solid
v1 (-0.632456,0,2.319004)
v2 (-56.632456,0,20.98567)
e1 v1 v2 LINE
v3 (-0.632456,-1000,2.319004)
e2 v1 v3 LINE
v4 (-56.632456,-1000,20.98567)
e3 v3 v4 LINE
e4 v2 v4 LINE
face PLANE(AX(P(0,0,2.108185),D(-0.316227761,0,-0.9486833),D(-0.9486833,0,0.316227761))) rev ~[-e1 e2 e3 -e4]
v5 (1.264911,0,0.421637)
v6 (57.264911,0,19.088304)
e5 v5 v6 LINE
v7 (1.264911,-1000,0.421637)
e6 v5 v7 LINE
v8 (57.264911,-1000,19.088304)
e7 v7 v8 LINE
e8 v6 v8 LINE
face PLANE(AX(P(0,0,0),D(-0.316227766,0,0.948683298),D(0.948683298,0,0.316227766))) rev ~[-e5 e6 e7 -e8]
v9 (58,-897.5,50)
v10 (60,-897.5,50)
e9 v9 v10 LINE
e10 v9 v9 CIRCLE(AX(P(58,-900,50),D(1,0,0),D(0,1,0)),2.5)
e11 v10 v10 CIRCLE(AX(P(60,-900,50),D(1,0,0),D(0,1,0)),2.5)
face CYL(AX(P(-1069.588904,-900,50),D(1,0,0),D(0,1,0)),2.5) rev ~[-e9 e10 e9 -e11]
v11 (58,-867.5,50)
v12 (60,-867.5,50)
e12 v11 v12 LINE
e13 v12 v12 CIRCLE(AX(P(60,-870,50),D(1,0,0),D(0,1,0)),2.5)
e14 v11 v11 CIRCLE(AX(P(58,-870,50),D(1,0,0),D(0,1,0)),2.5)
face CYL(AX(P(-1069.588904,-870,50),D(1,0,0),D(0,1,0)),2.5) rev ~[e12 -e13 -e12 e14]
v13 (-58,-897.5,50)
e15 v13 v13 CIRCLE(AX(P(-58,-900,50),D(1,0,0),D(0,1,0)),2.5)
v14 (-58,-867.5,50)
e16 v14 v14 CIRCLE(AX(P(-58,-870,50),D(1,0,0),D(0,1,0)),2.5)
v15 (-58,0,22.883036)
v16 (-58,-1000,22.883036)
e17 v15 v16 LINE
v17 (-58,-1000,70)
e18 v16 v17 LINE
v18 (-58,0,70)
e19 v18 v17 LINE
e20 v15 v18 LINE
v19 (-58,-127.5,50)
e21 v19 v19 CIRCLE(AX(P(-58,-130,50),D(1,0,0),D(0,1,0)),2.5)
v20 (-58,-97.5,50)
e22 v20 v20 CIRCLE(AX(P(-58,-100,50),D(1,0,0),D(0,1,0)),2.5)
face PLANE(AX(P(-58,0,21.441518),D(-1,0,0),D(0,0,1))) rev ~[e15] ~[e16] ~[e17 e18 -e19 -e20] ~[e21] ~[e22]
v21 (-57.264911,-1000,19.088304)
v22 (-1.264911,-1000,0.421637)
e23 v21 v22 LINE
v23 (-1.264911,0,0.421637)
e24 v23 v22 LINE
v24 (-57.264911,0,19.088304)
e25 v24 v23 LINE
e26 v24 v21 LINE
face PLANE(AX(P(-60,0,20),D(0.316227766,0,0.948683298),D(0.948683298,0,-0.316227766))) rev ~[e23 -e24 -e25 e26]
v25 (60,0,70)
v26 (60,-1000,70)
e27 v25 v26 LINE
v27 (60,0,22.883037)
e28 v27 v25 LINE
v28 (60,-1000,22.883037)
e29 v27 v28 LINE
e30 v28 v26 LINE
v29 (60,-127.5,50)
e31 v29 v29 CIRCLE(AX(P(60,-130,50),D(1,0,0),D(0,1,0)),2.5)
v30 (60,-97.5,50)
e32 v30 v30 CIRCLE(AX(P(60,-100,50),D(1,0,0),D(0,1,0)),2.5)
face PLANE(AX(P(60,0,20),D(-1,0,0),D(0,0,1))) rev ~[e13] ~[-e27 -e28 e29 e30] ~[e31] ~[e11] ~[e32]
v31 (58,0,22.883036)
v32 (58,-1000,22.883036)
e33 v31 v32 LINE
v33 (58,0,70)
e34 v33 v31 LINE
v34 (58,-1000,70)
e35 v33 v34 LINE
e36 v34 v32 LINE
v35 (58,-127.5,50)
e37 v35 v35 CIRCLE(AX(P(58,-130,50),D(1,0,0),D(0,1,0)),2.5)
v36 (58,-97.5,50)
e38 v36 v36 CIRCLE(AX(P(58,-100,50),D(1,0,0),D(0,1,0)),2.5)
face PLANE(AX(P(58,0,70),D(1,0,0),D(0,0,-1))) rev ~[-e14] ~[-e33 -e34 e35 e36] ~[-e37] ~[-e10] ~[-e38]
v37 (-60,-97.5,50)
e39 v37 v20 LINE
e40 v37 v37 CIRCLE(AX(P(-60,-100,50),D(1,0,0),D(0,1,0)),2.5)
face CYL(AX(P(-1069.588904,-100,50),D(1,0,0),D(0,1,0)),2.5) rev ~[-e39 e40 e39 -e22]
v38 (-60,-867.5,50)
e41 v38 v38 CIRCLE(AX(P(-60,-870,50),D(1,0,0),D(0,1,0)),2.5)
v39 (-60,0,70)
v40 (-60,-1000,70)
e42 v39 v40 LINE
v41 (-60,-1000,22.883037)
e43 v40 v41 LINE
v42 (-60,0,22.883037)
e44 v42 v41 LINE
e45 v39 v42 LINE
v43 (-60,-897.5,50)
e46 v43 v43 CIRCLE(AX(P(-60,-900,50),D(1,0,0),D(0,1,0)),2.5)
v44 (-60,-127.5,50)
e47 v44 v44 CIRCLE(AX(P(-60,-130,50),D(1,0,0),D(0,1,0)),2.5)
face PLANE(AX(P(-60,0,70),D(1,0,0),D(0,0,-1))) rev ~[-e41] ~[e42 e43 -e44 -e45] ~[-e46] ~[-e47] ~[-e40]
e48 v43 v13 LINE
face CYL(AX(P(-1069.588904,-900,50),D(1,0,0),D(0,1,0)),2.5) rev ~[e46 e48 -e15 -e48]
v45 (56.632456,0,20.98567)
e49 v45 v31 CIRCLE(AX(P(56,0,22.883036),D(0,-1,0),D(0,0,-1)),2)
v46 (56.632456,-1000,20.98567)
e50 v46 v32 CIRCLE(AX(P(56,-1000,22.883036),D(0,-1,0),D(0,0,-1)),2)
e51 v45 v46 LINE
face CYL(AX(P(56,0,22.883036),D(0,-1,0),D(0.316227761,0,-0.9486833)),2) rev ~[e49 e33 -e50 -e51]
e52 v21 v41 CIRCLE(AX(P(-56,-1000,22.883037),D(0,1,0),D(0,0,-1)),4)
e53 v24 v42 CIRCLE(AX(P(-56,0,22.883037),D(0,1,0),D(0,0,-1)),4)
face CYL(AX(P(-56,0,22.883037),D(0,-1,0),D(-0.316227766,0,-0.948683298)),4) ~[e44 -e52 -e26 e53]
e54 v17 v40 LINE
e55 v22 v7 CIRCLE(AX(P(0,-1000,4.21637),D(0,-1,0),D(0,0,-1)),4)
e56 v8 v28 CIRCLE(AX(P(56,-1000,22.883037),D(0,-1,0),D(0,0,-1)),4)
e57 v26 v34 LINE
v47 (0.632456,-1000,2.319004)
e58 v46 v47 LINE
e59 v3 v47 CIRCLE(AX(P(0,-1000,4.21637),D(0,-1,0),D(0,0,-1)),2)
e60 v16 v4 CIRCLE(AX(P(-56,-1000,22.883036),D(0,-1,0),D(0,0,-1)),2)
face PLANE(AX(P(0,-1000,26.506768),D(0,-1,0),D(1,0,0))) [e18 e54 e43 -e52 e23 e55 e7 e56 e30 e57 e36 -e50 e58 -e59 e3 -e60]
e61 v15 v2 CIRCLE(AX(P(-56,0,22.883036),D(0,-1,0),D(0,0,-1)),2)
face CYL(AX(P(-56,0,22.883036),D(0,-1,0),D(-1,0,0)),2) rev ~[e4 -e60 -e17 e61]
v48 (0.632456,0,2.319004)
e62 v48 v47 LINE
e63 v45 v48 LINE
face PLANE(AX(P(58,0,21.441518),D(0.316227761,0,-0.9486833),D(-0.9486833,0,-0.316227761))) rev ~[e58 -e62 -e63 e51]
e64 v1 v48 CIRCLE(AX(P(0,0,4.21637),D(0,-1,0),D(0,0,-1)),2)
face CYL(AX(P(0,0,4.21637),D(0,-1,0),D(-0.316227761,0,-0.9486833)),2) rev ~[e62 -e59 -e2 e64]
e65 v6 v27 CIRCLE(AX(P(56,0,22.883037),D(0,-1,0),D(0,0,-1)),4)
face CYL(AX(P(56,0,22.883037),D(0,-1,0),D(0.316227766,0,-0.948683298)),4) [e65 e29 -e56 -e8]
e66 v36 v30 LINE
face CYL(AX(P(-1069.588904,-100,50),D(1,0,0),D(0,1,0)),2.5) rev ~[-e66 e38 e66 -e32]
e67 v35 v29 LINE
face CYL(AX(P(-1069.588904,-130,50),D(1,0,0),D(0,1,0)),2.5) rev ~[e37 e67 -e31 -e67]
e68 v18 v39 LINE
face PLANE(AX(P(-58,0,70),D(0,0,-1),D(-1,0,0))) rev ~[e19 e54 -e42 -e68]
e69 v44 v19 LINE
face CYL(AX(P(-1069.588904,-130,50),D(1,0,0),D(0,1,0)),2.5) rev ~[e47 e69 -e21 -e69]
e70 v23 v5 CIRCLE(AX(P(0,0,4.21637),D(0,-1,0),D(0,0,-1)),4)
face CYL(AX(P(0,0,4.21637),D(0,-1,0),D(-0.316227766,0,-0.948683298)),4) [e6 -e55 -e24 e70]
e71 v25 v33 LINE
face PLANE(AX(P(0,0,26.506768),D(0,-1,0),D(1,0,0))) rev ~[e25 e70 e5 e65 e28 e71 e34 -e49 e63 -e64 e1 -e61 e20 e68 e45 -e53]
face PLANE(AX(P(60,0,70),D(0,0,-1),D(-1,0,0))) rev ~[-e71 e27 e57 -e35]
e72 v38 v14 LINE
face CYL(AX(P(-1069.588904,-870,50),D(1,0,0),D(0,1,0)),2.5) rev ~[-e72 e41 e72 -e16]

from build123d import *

# Parameters (mm, degrees)
F1_DEPTH = 1000
F2_R     = 4
F3_R     = 2
F5_D     = 5


with BuildPart() as f1:
    # F0 (on Front) → F1 (new body)
    with BuildSketch(Plane.XZ):
        Polygon((-60, 20), (0, 0), (60, 20), (60, 70), (58, 70), (58, 21.441518), (0, 2.108185), (-58, 21.441518), (-58, 70), (-60, 70), align=None)
    extrude(amount=F1_DEPTH)

    # F2
    f2_edges = [f1.edges().sort_by_distance(p)[0] for p in [
        (60, -500, 20),
        (0, -500, 0),
        (-60, -500, 20),
    ]]
    fillet(f2_edges, radius=F2_R)

    # F3
    f3_edges = [f1.edges().sort_by_distance(p)[0] for p in [
        (-58, -500, 21.441518),
        (0, -500, 2.108185),
        (58, -500, 21.441518),
    ]]
    fillet(f3_edges, radius=F3_R)

    # F5 (through all)
    with Locations(Plane(origin=(-60, 0, 0), x_dir=(0, -1, 0), z_dir=(-1, 0, 0))):
        with Locations((100, 50), (130, 50), (870, 50), (900, 50)):
            Hole(F5_D / 2)


solid = f1.part
